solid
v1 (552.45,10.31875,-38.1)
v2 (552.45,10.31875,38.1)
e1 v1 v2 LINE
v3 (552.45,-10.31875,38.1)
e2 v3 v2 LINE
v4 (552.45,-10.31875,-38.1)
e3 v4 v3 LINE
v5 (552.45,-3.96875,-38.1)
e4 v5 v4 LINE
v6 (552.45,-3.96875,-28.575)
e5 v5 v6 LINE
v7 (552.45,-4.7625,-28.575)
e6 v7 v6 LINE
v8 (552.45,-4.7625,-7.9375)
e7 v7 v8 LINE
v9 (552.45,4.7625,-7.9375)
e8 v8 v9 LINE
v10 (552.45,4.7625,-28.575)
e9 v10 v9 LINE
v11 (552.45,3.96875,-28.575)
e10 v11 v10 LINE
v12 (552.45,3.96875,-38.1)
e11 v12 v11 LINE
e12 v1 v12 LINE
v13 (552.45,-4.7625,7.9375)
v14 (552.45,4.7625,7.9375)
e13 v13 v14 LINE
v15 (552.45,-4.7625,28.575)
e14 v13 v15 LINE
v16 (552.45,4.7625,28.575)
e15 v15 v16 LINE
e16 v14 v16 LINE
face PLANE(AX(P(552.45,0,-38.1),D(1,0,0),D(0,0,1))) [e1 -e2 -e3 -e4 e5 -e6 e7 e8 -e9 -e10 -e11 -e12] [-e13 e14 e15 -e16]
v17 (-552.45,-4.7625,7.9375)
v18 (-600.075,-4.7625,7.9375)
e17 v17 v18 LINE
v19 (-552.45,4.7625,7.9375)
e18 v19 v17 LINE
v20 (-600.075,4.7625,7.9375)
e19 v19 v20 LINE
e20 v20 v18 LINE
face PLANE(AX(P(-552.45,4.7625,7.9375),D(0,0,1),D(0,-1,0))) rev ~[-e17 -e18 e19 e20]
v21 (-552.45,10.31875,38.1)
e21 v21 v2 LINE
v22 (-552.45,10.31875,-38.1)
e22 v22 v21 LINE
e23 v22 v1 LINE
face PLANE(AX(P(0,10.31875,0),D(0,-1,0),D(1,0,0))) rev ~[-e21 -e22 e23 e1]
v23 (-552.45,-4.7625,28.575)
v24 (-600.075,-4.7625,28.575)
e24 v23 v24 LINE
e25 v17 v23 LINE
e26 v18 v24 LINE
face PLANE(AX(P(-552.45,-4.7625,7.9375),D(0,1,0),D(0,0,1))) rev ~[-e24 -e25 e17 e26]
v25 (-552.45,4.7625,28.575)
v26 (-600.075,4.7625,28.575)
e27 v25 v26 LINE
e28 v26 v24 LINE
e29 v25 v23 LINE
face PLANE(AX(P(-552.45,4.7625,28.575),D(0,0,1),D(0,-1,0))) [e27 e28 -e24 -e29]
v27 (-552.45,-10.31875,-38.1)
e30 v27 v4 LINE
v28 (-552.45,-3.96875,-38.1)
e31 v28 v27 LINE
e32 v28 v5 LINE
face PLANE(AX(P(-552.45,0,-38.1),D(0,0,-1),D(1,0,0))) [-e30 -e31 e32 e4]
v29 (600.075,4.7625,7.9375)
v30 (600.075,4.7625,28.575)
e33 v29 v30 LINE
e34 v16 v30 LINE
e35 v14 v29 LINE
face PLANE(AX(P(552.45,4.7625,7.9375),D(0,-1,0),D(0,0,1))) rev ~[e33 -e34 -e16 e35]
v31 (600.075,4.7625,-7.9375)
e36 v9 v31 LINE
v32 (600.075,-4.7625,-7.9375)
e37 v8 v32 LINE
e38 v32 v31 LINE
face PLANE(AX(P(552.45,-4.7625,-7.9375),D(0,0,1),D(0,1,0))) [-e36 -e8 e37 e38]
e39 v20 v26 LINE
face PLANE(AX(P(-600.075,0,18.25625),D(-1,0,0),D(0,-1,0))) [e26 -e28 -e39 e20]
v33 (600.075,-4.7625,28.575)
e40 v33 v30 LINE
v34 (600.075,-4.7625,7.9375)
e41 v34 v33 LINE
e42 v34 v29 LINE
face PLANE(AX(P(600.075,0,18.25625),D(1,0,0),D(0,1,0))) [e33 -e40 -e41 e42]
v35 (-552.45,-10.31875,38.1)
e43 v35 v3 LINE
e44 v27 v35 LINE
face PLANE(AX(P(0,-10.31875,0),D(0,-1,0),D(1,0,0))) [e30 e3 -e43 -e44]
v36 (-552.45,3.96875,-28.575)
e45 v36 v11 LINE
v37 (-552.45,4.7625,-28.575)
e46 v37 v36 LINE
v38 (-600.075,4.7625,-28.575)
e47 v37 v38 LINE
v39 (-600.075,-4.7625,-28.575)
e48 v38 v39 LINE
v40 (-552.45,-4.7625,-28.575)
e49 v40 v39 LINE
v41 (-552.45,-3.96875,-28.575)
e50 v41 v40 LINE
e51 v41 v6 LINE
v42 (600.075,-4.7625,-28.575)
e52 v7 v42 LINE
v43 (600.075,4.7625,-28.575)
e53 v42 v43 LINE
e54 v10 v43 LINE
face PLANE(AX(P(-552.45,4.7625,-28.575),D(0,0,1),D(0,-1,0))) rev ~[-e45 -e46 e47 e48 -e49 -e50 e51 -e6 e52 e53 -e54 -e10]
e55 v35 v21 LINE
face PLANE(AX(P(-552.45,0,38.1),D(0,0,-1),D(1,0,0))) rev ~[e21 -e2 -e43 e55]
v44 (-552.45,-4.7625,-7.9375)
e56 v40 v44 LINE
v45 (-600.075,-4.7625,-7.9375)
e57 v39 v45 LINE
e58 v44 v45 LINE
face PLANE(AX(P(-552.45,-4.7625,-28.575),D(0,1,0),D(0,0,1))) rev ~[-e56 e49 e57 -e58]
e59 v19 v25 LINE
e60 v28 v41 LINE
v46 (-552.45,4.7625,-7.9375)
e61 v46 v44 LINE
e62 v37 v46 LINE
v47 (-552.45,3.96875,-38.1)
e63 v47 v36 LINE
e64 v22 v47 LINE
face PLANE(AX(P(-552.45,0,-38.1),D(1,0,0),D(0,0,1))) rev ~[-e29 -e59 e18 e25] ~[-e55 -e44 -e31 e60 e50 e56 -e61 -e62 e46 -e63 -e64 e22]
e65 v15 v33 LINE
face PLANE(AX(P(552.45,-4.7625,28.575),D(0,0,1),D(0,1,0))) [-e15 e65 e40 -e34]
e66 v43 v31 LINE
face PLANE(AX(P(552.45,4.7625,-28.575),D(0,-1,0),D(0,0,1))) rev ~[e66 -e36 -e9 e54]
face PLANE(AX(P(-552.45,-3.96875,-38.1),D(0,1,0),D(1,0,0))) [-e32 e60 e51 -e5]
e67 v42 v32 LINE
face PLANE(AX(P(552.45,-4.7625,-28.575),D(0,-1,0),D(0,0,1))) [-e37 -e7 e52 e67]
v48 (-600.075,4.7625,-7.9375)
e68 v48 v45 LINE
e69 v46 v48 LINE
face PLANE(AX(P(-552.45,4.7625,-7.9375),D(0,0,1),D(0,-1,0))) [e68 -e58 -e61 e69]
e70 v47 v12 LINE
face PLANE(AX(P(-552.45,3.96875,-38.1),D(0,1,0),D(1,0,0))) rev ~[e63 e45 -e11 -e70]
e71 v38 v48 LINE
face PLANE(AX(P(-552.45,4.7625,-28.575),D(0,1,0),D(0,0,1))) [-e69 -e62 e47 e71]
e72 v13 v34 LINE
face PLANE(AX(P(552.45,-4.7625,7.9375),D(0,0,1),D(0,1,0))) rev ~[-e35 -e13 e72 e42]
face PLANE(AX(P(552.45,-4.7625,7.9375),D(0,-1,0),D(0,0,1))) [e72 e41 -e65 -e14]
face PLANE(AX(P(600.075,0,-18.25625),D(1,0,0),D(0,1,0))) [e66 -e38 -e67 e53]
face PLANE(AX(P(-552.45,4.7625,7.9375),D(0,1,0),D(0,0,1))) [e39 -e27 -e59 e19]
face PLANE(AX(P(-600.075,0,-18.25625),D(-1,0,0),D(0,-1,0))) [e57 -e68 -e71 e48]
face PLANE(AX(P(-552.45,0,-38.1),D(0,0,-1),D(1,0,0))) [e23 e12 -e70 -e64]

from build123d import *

# Parameters (mm, degrees)
F0_W     = 1104.9
F0_H     = 76.2
F1_DEPTH = 10.31875
F2_W     = 9.525
F2_H     = 20.6375
F3_DEPTH = 47.625
F4_W     = 9.525
F4_H     = 20.6375
F5_DEPTH = 47.625
F6_W     = 1104.9
F6_H     = 7.9375
F7_DEPTH = 9.525


with BuildPart() as f1:
    # F0 (on Front) → F1 (new body, symmetric)
    with BuildSketch(Plane.XZ):
        Rectangle(F0_W, F0_H)
    extrude(amount=F1_DEPTH, both=True)

    # F2 (on face) → F3 (join)
    with BuildSketch(Plane.YZ.offset(552.45)):
        with Locations((0, 18.25625)):
            Rectangle(F2_W, F2_H)
        with Locations((0, -18.25625)):
            Rectangle(F2_W, F2_H)
    extrude(amount=F3_DEPTH)

    # F4 (on face) → F5 (join)
    with BuildSketch(Plane(origin=(-552.45, 0, 0), x_dir=(0, -1, 0), z_dir=(-1, 0, 0))):
        with Locations((0, -18.25625)):
            Rectangle(F4_W, F4_H)
        with Locations((0, 18.25625)):
            Rectangle(F4_W, F4_H)
    extrude(amount=F5_DEPTH)

    # F6 (on face) → F7 (cut)
    with BuildSketch(Plane(origin=(0, 0, -38.1), x_dir=(1, 0, 0), z_dir=(0, 0, -1))):
        Rectangle(F6_W, F6_H)
    extrude(amount=-F7_DEPTH, mode=Mode.SUBTRACT)


solid = f1.part
